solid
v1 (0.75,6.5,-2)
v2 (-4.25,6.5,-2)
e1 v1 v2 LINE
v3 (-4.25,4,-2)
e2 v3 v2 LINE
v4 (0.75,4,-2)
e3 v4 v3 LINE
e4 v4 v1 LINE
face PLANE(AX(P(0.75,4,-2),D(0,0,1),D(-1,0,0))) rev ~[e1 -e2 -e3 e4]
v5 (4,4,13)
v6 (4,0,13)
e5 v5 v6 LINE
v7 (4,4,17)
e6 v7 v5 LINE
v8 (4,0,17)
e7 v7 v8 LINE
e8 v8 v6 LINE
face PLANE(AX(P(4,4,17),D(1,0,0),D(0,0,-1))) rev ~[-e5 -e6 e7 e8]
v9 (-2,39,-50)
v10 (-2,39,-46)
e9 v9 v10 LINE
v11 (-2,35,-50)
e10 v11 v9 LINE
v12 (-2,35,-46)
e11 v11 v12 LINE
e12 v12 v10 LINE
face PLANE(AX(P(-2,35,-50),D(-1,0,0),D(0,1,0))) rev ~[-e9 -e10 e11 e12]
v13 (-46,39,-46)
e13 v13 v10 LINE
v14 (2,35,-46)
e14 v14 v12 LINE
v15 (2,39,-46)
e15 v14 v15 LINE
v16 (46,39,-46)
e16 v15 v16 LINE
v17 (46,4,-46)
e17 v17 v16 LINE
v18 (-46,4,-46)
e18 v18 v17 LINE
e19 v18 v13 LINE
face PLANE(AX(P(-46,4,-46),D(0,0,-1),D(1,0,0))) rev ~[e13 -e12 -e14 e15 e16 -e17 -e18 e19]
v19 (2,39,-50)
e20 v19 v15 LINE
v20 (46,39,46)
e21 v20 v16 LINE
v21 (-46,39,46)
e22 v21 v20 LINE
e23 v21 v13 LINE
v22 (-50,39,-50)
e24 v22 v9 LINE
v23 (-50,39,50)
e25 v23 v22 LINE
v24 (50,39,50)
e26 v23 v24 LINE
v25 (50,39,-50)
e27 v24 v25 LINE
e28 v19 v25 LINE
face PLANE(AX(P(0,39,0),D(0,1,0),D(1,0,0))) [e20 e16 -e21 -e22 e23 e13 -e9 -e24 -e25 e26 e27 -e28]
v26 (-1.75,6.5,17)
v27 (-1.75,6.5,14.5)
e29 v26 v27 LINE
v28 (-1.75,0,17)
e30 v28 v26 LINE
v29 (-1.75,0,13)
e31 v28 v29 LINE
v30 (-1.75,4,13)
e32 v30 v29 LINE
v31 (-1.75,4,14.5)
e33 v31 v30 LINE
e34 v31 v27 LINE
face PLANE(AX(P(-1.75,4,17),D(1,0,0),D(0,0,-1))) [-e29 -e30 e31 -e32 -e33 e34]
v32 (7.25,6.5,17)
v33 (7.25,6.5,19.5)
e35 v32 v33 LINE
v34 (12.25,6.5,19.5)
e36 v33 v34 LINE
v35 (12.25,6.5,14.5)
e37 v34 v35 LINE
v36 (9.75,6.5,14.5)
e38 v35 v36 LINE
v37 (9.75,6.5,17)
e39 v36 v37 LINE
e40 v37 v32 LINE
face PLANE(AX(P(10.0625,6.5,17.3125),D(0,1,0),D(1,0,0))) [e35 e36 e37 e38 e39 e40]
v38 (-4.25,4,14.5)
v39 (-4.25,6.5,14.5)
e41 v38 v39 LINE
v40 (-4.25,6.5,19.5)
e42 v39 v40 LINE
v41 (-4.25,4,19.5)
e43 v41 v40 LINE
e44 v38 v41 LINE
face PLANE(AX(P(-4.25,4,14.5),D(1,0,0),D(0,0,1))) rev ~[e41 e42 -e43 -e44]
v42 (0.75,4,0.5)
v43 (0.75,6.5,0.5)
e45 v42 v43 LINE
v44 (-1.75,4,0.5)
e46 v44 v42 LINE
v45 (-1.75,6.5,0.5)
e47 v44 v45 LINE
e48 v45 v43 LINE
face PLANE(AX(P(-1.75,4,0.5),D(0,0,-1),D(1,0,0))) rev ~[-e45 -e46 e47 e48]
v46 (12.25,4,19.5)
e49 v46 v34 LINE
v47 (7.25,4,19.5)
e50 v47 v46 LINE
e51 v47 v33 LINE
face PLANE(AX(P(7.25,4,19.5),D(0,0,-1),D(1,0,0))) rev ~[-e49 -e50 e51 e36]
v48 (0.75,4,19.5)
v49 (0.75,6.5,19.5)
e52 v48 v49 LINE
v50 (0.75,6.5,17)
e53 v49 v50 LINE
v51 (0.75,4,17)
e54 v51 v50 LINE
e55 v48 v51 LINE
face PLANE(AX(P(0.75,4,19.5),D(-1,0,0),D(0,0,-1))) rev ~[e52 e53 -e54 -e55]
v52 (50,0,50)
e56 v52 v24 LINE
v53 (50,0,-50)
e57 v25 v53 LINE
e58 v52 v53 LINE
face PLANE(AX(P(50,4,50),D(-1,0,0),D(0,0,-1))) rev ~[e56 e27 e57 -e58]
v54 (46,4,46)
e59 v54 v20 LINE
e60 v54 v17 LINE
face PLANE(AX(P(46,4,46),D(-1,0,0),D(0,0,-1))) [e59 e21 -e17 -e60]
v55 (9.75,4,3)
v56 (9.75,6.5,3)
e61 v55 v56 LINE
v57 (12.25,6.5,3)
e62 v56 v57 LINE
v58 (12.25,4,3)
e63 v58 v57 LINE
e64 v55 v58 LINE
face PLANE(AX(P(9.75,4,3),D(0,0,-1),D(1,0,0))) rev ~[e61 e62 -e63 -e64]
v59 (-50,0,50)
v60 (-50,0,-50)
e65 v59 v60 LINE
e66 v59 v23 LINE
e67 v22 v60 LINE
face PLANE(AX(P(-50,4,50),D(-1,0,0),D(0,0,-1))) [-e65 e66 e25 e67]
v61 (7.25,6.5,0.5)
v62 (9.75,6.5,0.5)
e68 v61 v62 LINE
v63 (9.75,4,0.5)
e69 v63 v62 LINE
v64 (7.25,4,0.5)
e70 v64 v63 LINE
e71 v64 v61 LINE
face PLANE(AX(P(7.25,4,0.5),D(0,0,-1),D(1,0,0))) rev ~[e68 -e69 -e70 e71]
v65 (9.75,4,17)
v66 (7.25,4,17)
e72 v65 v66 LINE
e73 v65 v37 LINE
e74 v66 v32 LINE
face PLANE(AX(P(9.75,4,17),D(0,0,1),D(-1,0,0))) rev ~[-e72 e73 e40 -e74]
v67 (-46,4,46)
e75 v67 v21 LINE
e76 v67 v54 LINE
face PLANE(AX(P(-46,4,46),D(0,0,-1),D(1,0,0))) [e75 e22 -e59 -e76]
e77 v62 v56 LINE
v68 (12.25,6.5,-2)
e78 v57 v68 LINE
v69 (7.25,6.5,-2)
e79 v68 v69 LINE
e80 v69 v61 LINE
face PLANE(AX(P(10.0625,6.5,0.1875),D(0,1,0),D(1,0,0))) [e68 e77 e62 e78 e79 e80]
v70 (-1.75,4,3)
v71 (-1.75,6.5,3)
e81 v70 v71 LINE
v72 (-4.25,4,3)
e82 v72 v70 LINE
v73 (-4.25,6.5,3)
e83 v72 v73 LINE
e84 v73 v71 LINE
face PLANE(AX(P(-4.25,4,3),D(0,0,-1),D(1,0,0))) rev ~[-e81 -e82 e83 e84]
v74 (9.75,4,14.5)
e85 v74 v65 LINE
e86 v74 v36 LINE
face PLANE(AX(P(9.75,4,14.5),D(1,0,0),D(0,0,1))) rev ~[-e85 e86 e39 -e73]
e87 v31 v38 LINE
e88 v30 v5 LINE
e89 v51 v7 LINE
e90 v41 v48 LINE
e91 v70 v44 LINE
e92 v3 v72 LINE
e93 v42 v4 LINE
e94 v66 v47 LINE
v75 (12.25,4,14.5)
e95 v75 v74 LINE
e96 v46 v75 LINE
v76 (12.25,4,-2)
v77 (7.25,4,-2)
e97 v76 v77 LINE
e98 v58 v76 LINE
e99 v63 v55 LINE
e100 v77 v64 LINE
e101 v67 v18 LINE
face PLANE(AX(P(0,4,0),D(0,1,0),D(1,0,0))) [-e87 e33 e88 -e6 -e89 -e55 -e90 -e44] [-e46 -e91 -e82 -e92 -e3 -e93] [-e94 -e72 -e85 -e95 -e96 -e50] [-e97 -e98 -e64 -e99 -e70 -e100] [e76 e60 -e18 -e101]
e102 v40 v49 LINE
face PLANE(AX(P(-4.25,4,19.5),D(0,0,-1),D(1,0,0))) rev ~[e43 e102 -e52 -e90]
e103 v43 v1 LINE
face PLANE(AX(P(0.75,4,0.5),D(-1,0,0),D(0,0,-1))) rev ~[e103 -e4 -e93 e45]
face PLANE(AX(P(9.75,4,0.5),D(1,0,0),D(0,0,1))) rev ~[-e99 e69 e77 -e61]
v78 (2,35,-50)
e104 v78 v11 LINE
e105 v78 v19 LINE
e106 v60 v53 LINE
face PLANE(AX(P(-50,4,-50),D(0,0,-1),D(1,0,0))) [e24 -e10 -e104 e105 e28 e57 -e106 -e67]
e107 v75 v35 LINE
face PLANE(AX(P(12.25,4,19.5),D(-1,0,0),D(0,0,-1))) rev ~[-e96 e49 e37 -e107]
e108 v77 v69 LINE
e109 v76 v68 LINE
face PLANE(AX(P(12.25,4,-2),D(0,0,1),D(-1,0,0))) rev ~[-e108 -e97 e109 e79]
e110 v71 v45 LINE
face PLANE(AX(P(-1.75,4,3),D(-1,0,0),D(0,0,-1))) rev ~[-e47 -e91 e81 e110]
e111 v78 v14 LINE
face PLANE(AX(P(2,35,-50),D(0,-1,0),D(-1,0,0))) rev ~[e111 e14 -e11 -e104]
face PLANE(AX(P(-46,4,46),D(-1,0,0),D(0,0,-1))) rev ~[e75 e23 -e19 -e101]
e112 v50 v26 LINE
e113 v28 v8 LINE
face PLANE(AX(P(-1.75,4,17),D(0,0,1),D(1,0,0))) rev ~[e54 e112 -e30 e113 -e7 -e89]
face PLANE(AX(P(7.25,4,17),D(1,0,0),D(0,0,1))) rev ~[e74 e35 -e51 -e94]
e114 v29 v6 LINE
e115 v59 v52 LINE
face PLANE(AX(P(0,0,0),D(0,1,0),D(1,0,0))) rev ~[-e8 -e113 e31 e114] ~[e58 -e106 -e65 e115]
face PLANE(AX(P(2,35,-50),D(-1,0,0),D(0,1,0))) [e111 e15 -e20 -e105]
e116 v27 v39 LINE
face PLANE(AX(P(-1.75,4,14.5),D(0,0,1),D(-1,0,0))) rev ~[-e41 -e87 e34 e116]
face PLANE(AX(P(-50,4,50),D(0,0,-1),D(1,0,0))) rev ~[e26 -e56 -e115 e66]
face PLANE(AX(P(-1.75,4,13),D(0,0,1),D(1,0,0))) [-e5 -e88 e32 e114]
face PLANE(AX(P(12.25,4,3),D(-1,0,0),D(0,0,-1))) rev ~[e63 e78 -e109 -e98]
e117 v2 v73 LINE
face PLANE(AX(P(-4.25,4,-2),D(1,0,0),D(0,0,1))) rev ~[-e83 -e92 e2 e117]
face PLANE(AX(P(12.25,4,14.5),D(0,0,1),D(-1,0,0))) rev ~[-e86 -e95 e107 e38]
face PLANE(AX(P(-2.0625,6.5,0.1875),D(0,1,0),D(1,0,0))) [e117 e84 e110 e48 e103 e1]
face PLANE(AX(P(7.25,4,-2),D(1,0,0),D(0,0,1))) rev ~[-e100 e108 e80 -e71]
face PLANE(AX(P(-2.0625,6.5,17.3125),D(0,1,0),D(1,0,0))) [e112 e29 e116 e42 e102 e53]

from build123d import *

# Parameters (mm, degrees)
SKETCH1_W           = 100
SKETCH1_H           = 100
BOSS_EXTRUDE1_DEPTH = 4
SKETCH2_W           = 100
SKETCH2_H           = 100
SKETCH2_W_2         = 92
SKETCH2_H_2         = 92
BOSS_EXTRUDE2_DEPTH = 35
SKETCH3_W           = 4
SKETCH3_H           = 4
CUT_EXTRUDE1_DEPTH  = 4
BOSS_EXTRUDE3_DEPTH = 2.5
SKETCH5_W           = 5.75
SKETCH5_H           = 4
CUT_EXTRUDE2_DEPTH  = 4


with BuildPart() as part:
    # Sketch1 → Boss-Extrude1 (new body)
    with BuildSketch(Plane(origin=(0, 0, 0), x_dir=(1, 0, 0), z_dir=(0, 1, 0))):
        Rectangle(SKETCH1_W, SKETCH1_H)
    extrude(amount=BOSS_EXTRUDE1_DEPTH)

    # Sketch2 → Boss-Extrude2 (add)
    with BuildSketch(Plane(origin=(0, 4, 0), x_dir=(1, 0, 0), z_dir=(0, 1, 0))):
        Rectangle(SKETCH2_W, SKETCH2_H)
        Rectangle(SKETCH2_W_2, SKETCH2_H_2, mode=Mode.SUBTRACT)
    extrude(amount=BOSS_EXTRUDE2_DEPTH)

    # Sketch3 → Cut-Extrude1 (cut)
    with BuildSketch(Plane(origin=(0, 0, -50), x_dir=(-1, 0, 0), z_dir=(0, 0, -1))):
        with Locations((0, 37)):
            Rectangle(SKETCH3_W, SKETCH3_H)
    extrude(amount=-CUT_EXTRUDE1_DEPTH, mode=Mode.SUBTRACT)

    # Sketch4 → Boss-Extrude3 (add)
    with BuildSketch(Plane(origin=(0, 4, 0), x_dir=(1, 0, 0), z_dir=(0, 1, 0))):
        Polygon((-1.75, -0.5), (0.75, -0.5), (0.75, 2), (-4.25, 2), (-4.25, -3), (-1.75, -3), align=None)
        Polygon((7.25, -0.5), (9.75, -0.5), (9.75, -3), (12.25, -3), (12.25, 2), (7.25, 2), align=None)
        Polygon((12.25, -14.5), (9.75, -14.5), (9.75, -17), (7.25, -17), (7.25, -19.5), (12.25, -19.5), align=None)
        Polygon((-1.75, -17), (-1.75, -14.5), (-4.25, -14.5), (-4.25, -19.5), (0.75, -19.5), (0.75, -17), align=None)
    extrude(amount=BOSS_EXTRUDE3_DEPTH)

    # Sketch5 → Cut-Extrude2 (cut)
    with BuildSketch(Plane(origin=(0, 4, 0), x_dir=(1, 0, 0), z_dir=(0, 1, 0))):
        with Locations((1.125, -15)):
            Rectangle(SKETCH5_W, SKETCH5_H)
    extrude(amount=-CUT_EXTRUDE2_DEPTH, mode=Mode.SUBTRACT)


solid = part.part
